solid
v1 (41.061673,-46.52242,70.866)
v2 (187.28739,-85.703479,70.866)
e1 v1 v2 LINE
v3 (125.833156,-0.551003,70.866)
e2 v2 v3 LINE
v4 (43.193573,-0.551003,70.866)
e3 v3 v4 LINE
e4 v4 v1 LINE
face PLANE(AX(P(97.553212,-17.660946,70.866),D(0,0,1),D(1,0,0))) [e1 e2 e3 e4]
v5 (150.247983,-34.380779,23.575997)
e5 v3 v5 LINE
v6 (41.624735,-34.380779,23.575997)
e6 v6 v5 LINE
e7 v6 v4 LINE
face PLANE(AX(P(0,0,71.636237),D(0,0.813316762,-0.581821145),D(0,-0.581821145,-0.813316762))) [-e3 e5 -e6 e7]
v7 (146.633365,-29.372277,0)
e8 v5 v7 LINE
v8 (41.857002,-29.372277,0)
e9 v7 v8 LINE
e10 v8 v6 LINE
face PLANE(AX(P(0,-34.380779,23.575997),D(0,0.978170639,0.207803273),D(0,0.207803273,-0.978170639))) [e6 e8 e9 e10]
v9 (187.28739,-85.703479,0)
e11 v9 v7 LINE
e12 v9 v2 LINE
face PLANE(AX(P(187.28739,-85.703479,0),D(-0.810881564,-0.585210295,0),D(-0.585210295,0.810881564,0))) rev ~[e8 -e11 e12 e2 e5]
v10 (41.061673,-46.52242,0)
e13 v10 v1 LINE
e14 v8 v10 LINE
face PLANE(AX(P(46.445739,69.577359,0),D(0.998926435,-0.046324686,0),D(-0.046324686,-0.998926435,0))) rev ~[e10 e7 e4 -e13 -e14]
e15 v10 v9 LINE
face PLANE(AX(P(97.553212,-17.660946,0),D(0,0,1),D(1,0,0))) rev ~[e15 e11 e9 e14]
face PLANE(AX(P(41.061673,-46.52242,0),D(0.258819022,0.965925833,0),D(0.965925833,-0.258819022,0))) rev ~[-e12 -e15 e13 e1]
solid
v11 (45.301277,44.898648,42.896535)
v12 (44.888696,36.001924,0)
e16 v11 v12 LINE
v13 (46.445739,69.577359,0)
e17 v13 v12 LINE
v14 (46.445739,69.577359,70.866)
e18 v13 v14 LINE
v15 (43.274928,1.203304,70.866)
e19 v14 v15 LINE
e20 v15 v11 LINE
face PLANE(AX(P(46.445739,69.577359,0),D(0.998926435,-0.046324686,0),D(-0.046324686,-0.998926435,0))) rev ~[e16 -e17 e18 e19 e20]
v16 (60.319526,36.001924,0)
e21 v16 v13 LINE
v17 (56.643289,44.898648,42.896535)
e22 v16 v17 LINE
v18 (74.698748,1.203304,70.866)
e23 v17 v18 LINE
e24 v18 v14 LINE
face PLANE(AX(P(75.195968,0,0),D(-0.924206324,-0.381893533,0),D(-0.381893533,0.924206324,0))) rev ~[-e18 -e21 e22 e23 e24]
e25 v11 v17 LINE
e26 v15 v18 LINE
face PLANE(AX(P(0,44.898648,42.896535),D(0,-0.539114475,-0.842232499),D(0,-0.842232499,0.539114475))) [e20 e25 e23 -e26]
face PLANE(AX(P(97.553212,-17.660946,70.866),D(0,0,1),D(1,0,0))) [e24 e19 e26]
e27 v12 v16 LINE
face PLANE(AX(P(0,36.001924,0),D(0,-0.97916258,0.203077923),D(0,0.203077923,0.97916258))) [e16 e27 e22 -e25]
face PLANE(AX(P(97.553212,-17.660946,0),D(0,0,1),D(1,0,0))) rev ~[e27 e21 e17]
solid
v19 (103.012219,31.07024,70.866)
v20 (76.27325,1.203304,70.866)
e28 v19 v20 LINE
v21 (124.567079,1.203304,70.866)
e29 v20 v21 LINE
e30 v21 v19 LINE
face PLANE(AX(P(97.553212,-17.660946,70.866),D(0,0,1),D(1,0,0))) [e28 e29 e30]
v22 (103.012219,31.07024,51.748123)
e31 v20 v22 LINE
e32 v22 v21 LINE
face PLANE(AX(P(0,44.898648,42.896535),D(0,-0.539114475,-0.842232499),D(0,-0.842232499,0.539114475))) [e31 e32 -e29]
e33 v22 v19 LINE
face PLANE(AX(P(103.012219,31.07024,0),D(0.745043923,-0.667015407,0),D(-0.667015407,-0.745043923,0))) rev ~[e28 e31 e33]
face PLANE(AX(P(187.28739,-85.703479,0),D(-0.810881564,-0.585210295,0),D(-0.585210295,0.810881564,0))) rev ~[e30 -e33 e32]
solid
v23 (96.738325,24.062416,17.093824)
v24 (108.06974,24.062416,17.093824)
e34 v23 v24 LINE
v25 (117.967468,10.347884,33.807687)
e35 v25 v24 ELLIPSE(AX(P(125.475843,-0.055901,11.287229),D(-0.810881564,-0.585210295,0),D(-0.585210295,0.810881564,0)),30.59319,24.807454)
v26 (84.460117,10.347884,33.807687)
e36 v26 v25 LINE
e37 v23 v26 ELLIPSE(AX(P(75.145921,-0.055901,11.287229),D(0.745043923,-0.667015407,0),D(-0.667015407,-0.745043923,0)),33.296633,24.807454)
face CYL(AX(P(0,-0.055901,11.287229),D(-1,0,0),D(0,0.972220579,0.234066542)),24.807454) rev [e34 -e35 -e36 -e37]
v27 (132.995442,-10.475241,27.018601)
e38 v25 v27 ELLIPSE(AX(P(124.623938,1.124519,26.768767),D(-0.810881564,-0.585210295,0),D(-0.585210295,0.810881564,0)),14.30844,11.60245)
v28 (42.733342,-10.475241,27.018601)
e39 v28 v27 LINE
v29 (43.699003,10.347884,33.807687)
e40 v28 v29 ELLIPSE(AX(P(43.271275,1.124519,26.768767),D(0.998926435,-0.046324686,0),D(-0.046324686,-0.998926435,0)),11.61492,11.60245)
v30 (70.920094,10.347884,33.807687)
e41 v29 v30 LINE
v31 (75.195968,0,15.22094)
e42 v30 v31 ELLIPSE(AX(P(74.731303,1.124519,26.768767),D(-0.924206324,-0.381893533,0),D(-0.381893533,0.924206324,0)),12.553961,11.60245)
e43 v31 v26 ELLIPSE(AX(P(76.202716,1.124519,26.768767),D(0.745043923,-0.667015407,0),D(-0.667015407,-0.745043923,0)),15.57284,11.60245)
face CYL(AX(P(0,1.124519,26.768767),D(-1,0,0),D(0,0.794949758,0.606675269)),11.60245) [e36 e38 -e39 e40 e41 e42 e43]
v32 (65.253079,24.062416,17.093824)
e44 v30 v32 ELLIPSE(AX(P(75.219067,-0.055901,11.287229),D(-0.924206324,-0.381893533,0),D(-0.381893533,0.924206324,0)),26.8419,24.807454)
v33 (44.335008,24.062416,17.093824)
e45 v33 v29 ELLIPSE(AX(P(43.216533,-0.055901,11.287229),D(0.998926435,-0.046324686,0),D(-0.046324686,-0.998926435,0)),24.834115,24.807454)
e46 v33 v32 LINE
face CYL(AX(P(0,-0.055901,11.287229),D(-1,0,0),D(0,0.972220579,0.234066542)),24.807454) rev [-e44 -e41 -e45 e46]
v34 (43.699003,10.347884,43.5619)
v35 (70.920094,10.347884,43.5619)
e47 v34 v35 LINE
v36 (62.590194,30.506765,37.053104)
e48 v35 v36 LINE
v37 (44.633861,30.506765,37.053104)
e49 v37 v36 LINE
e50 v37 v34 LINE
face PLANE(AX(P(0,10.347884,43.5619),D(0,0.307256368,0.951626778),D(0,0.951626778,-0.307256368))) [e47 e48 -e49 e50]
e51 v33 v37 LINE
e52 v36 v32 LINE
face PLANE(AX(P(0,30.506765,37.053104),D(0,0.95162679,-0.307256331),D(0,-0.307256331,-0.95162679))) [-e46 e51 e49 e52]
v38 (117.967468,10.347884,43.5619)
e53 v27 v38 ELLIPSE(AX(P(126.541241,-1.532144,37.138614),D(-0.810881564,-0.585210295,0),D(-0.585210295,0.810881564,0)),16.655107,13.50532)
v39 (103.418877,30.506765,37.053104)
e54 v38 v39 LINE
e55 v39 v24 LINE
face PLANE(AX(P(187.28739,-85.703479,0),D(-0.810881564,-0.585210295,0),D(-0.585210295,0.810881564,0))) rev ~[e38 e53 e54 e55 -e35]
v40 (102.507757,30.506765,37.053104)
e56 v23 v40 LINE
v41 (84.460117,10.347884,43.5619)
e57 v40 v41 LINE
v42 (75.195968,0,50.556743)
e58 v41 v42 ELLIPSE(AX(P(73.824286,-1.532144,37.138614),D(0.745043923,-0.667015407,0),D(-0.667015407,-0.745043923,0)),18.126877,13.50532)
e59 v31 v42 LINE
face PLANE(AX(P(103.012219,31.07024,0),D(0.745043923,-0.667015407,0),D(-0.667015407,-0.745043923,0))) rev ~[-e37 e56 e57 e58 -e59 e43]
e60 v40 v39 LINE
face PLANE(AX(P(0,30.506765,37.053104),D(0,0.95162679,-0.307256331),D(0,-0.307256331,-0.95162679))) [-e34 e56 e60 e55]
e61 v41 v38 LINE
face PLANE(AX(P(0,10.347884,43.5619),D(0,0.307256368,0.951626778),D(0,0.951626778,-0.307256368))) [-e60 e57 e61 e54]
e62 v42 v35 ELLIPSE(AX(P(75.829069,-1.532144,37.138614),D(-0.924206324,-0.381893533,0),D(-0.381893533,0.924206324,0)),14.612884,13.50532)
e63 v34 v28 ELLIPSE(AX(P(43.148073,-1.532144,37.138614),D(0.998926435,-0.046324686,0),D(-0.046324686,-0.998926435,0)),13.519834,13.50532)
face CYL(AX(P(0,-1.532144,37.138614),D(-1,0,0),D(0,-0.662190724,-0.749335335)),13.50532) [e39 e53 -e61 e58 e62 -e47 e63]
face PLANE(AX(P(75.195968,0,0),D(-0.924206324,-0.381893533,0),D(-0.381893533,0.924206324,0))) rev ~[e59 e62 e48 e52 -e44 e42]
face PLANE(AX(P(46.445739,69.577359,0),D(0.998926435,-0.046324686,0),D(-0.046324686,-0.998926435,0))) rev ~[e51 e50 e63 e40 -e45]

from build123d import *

# Parameters (mm, degrees)
F1_DEPTH = 70.866
F3_DEPTH = 215.392


with BuildPart() as f1:
    # F0 (on Top) → F1 (new body)
    with BuildSketch(Plane.XY):
        Polygon((46.445739, 69.577359), (41.061673, -46.52242), (187.28739, -85.703479), (103.012219, 31.07024), (75.195968, 0), align=None)
    extrude(amount=F1_DEPTH)

    # F2 (on Right) → F3 (cut)
    with BuildSketch(Plane.YZ):
        Polygon((-27.932592, -6.77688), (36.001924, 0), (44.898648, 42.896535), (0, 71.636237), (-34.380779, 23.575997), align=None)
        with BuildLine():
            Line((30.506765, 37.053104), (24.062416, 17.093824))
            ThreePointArc((24.062416, 17.093824), (19.121747, 27.023416), (10.347884, 33.807687))
            ThreePointArc((10.347884, 33.807687), (4.721009, 15.737806), (-10.475241, 27.018601))
            ThreePointArc((-10.475241, 27.018601), (-9.93313, 47.712974), (10.347884, 43.5619))
            Line((10.347884, 43.5619), (30.506765, 37.053104))
        make_face(mode=Mode.SUBTRACT)
    extrude(amount=F3_DEPTH, mode=Mode.SUBTRACT)


solid = f1.part
